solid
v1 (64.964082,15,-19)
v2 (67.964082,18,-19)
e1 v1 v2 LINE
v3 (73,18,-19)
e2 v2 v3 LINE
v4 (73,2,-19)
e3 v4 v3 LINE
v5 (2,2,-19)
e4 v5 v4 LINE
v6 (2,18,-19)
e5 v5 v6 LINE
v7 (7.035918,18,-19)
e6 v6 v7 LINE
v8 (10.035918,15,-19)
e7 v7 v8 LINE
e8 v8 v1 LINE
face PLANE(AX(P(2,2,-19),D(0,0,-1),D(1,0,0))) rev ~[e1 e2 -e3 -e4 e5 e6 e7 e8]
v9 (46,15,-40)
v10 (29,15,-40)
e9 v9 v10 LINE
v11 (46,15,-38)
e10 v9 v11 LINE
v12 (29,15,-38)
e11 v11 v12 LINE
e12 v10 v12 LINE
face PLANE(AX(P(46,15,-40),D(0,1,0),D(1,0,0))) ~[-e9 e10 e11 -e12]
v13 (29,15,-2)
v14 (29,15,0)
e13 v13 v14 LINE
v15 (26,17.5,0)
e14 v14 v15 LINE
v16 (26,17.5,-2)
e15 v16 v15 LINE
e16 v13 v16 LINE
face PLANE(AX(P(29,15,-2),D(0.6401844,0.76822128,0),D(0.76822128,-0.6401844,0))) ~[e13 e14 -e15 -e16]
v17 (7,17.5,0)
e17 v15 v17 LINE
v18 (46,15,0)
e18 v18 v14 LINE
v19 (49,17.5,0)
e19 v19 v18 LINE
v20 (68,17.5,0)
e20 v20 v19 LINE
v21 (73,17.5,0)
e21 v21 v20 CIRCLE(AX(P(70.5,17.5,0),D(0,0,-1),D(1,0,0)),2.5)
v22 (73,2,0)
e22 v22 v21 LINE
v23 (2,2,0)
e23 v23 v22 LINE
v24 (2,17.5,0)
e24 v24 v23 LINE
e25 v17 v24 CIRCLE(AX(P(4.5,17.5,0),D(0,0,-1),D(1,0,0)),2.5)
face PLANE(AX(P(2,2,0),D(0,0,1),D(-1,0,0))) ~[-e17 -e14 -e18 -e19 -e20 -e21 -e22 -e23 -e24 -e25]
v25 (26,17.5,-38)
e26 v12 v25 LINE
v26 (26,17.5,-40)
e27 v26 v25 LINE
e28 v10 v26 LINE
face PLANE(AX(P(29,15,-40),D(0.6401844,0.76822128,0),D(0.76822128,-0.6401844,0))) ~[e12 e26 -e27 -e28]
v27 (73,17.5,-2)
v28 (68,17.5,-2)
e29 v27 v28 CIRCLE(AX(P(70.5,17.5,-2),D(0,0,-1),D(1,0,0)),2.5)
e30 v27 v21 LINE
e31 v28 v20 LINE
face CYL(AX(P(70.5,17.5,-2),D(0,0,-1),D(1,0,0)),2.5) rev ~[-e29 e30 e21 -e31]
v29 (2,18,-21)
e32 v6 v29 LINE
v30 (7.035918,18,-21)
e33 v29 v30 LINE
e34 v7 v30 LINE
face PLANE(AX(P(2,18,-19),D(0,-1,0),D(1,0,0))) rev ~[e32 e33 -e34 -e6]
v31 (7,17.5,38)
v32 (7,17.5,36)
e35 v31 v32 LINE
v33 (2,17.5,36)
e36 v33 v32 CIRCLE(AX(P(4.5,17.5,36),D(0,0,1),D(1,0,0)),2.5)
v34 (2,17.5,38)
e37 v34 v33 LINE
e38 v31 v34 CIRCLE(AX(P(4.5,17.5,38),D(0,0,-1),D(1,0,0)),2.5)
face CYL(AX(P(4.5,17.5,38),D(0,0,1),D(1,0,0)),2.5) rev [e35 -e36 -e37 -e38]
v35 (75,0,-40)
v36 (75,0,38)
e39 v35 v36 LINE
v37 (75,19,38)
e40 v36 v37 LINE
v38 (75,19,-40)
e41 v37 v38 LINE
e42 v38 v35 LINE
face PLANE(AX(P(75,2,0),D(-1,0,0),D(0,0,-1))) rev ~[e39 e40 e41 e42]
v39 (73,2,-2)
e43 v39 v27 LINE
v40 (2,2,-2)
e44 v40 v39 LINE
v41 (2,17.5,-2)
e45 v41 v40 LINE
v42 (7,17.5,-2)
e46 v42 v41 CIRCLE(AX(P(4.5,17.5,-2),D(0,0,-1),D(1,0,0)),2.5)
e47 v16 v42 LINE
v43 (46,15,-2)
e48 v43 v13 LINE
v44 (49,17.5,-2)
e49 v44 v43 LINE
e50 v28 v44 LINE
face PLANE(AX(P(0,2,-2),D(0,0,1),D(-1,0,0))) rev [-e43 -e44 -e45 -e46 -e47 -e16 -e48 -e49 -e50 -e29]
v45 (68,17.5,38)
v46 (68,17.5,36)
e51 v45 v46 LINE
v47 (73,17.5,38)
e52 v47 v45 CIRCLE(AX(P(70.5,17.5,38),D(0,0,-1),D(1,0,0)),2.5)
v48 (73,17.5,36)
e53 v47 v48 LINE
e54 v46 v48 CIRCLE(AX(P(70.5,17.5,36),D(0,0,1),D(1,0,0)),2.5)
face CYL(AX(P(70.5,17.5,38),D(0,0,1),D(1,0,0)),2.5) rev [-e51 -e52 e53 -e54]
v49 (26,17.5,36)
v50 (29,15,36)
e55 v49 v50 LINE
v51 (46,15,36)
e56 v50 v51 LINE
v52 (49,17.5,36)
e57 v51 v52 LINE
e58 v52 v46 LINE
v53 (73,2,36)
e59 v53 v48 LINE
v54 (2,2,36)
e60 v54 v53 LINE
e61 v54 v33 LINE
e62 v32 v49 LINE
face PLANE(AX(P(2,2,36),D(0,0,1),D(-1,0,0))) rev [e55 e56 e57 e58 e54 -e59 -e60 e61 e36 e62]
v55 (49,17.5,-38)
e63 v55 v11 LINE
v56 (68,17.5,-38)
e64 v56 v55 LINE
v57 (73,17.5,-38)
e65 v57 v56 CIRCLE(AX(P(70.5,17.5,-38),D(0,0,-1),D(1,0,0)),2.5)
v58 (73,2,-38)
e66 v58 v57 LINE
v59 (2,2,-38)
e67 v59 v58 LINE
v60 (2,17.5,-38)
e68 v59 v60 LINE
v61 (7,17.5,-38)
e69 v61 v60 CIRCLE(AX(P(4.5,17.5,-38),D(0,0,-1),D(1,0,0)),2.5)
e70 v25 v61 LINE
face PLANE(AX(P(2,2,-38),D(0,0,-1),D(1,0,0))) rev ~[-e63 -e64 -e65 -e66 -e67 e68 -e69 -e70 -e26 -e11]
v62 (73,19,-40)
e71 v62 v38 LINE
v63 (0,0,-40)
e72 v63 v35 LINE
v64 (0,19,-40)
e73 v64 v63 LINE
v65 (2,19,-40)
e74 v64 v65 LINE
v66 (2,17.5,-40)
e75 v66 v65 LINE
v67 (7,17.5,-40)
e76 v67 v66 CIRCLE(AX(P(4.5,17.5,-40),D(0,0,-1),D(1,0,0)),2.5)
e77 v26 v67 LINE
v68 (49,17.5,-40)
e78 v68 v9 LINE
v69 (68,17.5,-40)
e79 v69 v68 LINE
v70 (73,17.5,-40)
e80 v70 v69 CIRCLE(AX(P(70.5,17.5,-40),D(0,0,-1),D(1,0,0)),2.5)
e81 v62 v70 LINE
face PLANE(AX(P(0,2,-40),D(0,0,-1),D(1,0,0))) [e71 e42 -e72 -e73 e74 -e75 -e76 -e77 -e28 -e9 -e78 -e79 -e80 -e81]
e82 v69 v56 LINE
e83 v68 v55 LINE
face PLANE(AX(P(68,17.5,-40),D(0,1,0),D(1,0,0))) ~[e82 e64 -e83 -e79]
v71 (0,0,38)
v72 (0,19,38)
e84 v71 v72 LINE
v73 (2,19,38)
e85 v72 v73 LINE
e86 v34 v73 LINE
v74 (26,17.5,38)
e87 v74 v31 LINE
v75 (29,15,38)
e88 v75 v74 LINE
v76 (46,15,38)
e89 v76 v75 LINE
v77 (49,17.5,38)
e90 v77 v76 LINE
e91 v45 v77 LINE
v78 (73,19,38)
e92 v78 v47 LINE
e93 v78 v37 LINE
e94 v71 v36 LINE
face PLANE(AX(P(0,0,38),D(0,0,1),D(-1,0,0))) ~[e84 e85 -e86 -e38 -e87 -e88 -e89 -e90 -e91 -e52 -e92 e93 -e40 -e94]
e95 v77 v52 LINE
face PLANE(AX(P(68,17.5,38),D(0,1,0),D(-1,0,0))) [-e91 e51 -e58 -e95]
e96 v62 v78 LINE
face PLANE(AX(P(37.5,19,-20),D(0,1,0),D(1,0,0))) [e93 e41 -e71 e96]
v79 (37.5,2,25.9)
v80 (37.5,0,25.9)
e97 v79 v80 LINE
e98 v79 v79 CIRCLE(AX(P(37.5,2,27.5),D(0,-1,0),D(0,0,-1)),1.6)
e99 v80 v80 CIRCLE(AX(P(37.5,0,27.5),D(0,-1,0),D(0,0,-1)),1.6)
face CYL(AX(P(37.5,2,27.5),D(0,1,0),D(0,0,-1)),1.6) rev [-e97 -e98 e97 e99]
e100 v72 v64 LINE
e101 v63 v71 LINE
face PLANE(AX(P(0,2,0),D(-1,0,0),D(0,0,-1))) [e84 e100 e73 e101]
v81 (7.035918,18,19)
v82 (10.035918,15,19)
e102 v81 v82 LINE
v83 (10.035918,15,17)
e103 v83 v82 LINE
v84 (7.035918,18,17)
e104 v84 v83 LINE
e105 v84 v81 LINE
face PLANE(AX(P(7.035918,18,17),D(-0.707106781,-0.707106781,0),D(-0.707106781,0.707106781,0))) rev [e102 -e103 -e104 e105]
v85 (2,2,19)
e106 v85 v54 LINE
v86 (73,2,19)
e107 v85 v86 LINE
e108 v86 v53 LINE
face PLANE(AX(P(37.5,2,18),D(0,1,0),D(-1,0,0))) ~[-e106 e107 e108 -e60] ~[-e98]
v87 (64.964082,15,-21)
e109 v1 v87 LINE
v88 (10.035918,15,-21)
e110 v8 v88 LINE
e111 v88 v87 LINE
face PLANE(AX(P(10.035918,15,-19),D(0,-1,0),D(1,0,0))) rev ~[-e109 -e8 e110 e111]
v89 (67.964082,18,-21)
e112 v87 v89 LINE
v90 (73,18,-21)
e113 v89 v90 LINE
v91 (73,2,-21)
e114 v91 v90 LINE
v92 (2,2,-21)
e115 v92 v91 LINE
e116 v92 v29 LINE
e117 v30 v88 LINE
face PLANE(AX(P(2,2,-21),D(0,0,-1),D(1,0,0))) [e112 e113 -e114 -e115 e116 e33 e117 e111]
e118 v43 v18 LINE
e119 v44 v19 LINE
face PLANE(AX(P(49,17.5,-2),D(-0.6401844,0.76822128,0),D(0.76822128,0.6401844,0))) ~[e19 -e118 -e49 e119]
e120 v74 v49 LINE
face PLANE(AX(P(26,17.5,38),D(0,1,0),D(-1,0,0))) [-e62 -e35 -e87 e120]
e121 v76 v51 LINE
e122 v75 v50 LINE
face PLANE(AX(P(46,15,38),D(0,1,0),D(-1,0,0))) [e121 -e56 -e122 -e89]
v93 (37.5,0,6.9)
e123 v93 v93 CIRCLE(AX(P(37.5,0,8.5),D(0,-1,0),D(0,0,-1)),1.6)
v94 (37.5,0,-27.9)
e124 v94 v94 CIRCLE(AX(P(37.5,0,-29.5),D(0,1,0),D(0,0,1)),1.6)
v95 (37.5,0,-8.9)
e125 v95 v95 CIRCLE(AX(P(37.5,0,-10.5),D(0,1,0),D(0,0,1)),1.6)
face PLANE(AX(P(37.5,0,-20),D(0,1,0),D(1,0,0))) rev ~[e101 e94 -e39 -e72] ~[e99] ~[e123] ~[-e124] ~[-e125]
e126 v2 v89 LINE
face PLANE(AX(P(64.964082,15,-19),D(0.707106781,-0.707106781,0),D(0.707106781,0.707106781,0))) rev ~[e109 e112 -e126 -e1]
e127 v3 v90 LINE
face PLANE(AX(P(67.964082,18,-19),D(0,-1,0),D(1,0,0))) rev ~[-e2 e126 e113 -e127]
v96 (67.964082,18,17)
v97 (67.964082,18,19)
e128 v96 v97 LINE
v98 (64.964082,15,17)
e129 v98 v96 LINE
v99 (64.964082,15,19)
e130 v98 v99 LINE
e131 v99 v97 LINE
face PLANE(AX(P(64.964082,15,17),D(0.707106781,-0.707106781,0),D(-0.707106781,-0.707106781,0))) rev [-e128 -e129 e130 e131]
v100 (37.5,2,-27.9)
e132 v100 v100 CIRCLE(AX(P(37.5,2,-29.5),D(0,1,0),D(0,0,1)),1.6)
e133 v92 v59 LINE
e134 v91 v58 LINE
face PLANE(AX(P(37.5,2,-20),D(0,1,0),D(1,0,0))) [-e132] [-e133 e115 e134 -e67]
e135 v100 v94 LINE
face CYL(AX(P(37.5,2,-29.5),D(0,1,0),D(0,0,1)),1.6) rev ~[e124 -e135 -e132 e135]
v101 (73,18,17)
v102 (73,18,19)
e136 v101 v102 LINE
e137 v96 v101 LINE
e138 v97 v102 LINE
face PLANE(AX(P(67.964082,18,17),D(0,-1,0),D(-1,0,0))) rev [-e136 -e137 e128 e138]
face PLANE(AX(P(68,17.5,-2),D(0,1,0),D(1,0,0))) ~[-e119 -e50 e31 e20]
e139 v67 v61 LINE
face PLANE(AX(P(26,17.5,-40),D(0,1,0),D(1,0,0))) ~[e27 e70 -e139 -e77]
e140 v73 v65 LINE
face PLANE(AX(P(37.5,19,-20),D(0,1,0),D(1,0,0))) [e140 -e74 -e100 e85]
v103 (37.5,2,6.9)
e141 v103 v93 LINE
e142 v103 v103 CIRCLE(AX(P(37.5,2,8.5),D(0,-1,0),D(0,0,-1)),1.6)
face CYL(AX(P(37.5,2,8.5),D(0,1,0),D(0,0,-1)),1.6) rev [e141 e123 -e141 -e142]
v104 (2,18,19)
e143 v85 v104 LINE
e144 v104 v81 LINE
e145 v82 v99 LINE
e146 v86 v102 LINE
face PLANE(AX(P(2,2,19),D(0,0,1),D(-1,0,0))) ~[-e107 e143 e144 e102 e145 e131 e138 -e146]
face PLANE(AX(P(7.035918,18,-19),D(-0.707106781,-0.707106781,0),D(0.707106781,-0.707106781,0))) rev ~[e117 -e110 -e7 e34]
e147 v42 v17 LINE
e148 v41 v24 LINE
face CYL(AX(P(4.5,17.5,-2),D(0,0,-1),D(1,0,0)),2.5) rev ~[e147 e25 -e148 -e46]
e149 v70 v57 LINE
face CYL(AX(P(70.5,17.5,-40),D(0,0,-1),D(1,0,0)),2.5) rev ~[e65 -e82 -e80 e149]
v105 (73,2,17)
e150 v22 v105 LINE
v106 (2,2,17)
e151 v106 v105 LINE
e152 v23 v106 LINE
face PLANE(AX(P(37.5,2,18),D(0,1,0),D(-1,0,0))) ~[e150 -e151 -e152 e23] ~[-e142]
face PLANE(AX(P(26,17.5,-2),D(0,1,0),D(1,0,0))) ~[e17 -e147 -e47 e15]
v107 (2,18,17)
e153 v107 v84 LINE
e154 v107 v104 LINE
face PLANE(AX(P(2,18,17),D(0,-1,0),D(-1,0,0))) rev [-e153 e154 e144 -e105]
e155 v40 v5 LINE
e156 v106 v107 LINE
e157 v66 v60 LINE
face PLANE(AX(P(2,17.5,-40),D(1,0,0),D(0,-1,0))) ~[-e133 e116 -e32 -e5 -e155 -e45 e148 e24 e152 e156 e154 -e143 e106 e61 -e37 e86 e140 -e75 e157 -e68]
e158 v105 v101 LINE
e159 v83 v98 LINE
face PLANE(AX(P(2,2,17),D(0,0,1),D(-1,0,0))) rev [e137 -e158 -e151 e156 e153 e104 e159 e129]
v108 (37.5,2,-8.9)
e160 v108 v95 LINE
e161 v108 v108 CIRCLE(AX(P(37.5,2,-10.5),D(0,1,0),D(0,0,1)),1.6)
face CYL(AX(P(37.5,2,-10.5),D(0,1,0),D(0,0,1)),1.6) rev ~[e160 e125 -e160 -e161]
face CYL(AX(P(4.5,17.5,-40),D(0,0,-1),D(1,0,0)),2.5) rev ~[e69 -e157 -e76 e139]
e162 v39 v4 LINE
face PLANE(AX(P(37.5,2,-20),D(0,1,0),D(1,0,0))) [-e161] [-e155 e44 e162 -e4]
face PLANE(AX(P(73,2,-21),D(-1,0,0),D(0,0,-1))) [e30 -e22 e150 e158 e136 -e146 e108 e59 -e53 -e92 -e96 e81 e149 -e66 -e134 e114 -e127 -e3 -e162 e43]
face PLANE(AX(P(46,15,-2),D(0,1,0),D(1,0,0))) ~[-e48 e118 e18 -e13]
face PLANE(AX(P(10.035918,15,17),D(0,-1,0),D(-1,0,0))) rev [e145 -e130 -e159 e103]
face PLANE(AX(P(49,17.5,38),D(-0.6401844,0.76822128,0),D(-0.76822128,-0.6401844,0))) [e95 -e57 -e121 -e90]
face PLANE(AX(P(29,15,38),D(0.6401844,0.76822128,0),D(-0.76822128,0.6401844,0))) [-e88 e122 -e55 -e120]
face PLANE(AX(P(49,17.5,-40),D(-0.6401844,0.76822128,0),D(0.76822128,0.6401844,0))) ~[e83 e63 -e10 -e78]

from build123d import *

# Parameters (mm, degrees)
SKETCH1_W            = 75
SKETCH1_H            = 40
BOSS_EXTRUDE1_DEPTH  = 2
SKETCH2_W            = 75
SKETCH2_H            = 40
SKETCH2_W_2          = 71
SKETCH2_H_2          = 17
BOSS_EXTRUDE2_DEPTH  = 17
CUT_EXTRUDE2_DEPTH   = 17
CUT_EXTRUDE3_REACH   = 82.169
CUT_EXTRUDE4_REACH   = 88.683
SKETCH5_R            = 1.6
MIRROR2_COPY_1_DEPTH = 17


with BuildPart() as part:
    # Sketch1 → Boss-Extrude1 (new body)
    with BuildSketch(Plane(origin=(0, 0, 0), x_dir=(1, 0, 0), z_dir=(0, 1, 0))):
        with Locations((37.5, 20)):
            Rectangle(SKETCH1_W, SKETCH1_H)
    boss_extrude1 = extrude(amount=BOSS_EXTRUDE1_DEPTH)

    # Sketch2 → Boss-Extrude2 (add)
    with BuildSketch(Plane(origin=(0, 2, 0), x_dir=(1, 0, 0), z_dir=(0, 1, 0))):
        with Locations((37.5, 20)):
            Rectangle(SKETCH2_W, SKETCH2_H)
        with Locations((37.5, 29.5)):
            Rectangle(SKETCH2_W_2, SKETCH2_H_2, mode=Mode.SUBTRACT)
        with Locations((37.5, 10.5)):
            Rectangle(SKETCH2_W_2, SKETCH2_H_2, mode=Mode.SUBTRACT)
    boss_extrude2 = extrude(amount=BOSS_EXTRUDE2_DEPTH)

    # Sketch3 → Cut-Extrude2 (cut)
    with BuildSketch(Plane.XY):
        with BuildLine():
            Line((2, 17.5), (2, 19))
            Line((2, 19), (73, 19))
            Line((73, 19), (73, 17.5))
            ThreePointArc((73, 17.5), (70.5, 15), (68, 17.5))
            Line((68, 17.5), (49, 17.5))
            Line((49, 17.5), (46, 15))
            Line((46, 15), (29, 15))
            Line((29, 15), (26, 17.5))
            Line((26, 17.5), (7, 17.5))
            ThreePointArc((7, 17.5), (4.5, 15), (2, 17.5))
        make_face()
    cut_extrude2 = extrude(amount=-CUT_EXTRUDE2_DEPTH, mode=Mode.SUBTRACT)

    # Mirror1: Cut-Extrude2 across plane
    add(cut_extrude2.mirror(Plane.XY.offset(-20)), mode=Mode.SUBTRACT)

    # Sketch4 → Cut-Extrude3 (cut, up to next)
    with BuildSketch(Plane.XY.offset(-19), mode=Mode.PRIVATE) as cut_extrude3_sk1:
        Polygon((2, 18), (7.035918341, 18), (10.035918341, 15), (64.964081659, 15), (67.964081659, 18), (73, 18), (73, 19), (2, 19), align=None)
    cut_extrude3_tool1 = extrude(cut_extrude3_sk1.sketch, amount=-CUT_EXTRUDE3_REACH, mode=Mode.PRIVATE) & part.part
    cut_extrude3 = cut_extrude3_tool1.solids().sort_by_distance((37.5, 17.098486, -19))[0]
    add(cut_extrude3, mode=Mode.SUBTRACT)

    # Sketch5 → Cut-Extrude4 (cut, up to next)
    with BuildSketch(Plane(origin=(0, 2, 0), x_dir=(1, 0, 0), z_dir=(0, 1, 0)), mode=Mode.PRIVATE) as cut_extrude4_sk1:
        with Locations(Location((37.5, 29.5, 0), (0, 0, 270))):
            Circle(SKETCH5_R)
    cut_extrude4_tool1 = extrude(cut_extrude4_sk1.sketch, amount=-CUT_EXTRUDE4_REACH, mode=Mode.PRIVATE) & part.part
    # Sketch5 → Cut-Extrude4 (cut, up to next)
    with BuildSketch(Plane(origin=(0, 2, 0), x_dir=(1, 0, 0), z_dir=(0, 1, 0)), mode=Mode.PRIVATE) as cut_extrude4_sk2:
        with Locations(Location((37.5, 10.5, 0), (0, 0, 270))):
            Circle(SKETCH5_R)
    cut_extrude4_tool2 = extrude(cut_extrude4_sk2.sketch, amount=-CUT_EXTRUDE4_REACH, mode=Mode.PRIVATE) & part.part
    cut_extrude4_1 = cut_extrude4_tool1.solids().sort_by_distance((37.5, 2, -29.5))[0]
    add(cut_extrude4_1, mode=Mode.SUBTRACT)
    cut_extrude4_2 = cut_extrude4_tool2.solids().sort_by_distance((37.5, 2, -10.5))[0]
    add(cut_extrude4_2, mode=Mode.SUBTRACT)
    cut_extrude4 = cut_extrude4_1 + cut_extrude4_2  # Cut-Extrude4 as one shape, for the pattern or mirror that repeats it

    # Mirror2: Boss-Extrude1, Boss-Extrude2, Cut-Extrude2, Cut-Extrude3, Cut-Extrude4 across plane
    add(boss_extrude1.mirror(Plane.XY.offset(-1)))
    add(boss_extrude2.mirror(Plane.XY.offset(-1)))
    add(cut_extrude2.mirror(Plane.XY.offset(-1)), mode=Mode.SUBTRACT)
    add(cut_extrude3.mirror(Plane.XY.offset(-1)), mode=Mode.SUBTRACT)
    add(cut_extrude4.mirror(Plane.XY.offset(-1)), mode=Mode.SUBTRACT)

    # Mirror2 copy 1 sketch → Mirror2 copy 1 (cut)
    with BuildSketch(Plane.XY.offset(38)):
        with BuildLine():
            Line((2, 17.5), (2, 19))
            Line((2, 19), (73, 19))
            Line((73, 19), (73, 17.5))
            ThreePointArc((73, 17.5), (70.5, 15), (68, 17.5))
            Line((68, 17.5), (49, 17.5))
            Line((49, 17.5), (46, 15))
            Line((46, 15), (29, 15))
            Line((29, 15), (26, 17.5))
            Line((26, 17.5), (7, 17.5))
            ThreePointArc((7, 17.5), (4.5, 15), (2, 17.5))
        make_face()
    extrude(amount=-MIRROR2_COPY_1_DEPTH, mode=Mode.SUBTRACT)


solid = part.part
